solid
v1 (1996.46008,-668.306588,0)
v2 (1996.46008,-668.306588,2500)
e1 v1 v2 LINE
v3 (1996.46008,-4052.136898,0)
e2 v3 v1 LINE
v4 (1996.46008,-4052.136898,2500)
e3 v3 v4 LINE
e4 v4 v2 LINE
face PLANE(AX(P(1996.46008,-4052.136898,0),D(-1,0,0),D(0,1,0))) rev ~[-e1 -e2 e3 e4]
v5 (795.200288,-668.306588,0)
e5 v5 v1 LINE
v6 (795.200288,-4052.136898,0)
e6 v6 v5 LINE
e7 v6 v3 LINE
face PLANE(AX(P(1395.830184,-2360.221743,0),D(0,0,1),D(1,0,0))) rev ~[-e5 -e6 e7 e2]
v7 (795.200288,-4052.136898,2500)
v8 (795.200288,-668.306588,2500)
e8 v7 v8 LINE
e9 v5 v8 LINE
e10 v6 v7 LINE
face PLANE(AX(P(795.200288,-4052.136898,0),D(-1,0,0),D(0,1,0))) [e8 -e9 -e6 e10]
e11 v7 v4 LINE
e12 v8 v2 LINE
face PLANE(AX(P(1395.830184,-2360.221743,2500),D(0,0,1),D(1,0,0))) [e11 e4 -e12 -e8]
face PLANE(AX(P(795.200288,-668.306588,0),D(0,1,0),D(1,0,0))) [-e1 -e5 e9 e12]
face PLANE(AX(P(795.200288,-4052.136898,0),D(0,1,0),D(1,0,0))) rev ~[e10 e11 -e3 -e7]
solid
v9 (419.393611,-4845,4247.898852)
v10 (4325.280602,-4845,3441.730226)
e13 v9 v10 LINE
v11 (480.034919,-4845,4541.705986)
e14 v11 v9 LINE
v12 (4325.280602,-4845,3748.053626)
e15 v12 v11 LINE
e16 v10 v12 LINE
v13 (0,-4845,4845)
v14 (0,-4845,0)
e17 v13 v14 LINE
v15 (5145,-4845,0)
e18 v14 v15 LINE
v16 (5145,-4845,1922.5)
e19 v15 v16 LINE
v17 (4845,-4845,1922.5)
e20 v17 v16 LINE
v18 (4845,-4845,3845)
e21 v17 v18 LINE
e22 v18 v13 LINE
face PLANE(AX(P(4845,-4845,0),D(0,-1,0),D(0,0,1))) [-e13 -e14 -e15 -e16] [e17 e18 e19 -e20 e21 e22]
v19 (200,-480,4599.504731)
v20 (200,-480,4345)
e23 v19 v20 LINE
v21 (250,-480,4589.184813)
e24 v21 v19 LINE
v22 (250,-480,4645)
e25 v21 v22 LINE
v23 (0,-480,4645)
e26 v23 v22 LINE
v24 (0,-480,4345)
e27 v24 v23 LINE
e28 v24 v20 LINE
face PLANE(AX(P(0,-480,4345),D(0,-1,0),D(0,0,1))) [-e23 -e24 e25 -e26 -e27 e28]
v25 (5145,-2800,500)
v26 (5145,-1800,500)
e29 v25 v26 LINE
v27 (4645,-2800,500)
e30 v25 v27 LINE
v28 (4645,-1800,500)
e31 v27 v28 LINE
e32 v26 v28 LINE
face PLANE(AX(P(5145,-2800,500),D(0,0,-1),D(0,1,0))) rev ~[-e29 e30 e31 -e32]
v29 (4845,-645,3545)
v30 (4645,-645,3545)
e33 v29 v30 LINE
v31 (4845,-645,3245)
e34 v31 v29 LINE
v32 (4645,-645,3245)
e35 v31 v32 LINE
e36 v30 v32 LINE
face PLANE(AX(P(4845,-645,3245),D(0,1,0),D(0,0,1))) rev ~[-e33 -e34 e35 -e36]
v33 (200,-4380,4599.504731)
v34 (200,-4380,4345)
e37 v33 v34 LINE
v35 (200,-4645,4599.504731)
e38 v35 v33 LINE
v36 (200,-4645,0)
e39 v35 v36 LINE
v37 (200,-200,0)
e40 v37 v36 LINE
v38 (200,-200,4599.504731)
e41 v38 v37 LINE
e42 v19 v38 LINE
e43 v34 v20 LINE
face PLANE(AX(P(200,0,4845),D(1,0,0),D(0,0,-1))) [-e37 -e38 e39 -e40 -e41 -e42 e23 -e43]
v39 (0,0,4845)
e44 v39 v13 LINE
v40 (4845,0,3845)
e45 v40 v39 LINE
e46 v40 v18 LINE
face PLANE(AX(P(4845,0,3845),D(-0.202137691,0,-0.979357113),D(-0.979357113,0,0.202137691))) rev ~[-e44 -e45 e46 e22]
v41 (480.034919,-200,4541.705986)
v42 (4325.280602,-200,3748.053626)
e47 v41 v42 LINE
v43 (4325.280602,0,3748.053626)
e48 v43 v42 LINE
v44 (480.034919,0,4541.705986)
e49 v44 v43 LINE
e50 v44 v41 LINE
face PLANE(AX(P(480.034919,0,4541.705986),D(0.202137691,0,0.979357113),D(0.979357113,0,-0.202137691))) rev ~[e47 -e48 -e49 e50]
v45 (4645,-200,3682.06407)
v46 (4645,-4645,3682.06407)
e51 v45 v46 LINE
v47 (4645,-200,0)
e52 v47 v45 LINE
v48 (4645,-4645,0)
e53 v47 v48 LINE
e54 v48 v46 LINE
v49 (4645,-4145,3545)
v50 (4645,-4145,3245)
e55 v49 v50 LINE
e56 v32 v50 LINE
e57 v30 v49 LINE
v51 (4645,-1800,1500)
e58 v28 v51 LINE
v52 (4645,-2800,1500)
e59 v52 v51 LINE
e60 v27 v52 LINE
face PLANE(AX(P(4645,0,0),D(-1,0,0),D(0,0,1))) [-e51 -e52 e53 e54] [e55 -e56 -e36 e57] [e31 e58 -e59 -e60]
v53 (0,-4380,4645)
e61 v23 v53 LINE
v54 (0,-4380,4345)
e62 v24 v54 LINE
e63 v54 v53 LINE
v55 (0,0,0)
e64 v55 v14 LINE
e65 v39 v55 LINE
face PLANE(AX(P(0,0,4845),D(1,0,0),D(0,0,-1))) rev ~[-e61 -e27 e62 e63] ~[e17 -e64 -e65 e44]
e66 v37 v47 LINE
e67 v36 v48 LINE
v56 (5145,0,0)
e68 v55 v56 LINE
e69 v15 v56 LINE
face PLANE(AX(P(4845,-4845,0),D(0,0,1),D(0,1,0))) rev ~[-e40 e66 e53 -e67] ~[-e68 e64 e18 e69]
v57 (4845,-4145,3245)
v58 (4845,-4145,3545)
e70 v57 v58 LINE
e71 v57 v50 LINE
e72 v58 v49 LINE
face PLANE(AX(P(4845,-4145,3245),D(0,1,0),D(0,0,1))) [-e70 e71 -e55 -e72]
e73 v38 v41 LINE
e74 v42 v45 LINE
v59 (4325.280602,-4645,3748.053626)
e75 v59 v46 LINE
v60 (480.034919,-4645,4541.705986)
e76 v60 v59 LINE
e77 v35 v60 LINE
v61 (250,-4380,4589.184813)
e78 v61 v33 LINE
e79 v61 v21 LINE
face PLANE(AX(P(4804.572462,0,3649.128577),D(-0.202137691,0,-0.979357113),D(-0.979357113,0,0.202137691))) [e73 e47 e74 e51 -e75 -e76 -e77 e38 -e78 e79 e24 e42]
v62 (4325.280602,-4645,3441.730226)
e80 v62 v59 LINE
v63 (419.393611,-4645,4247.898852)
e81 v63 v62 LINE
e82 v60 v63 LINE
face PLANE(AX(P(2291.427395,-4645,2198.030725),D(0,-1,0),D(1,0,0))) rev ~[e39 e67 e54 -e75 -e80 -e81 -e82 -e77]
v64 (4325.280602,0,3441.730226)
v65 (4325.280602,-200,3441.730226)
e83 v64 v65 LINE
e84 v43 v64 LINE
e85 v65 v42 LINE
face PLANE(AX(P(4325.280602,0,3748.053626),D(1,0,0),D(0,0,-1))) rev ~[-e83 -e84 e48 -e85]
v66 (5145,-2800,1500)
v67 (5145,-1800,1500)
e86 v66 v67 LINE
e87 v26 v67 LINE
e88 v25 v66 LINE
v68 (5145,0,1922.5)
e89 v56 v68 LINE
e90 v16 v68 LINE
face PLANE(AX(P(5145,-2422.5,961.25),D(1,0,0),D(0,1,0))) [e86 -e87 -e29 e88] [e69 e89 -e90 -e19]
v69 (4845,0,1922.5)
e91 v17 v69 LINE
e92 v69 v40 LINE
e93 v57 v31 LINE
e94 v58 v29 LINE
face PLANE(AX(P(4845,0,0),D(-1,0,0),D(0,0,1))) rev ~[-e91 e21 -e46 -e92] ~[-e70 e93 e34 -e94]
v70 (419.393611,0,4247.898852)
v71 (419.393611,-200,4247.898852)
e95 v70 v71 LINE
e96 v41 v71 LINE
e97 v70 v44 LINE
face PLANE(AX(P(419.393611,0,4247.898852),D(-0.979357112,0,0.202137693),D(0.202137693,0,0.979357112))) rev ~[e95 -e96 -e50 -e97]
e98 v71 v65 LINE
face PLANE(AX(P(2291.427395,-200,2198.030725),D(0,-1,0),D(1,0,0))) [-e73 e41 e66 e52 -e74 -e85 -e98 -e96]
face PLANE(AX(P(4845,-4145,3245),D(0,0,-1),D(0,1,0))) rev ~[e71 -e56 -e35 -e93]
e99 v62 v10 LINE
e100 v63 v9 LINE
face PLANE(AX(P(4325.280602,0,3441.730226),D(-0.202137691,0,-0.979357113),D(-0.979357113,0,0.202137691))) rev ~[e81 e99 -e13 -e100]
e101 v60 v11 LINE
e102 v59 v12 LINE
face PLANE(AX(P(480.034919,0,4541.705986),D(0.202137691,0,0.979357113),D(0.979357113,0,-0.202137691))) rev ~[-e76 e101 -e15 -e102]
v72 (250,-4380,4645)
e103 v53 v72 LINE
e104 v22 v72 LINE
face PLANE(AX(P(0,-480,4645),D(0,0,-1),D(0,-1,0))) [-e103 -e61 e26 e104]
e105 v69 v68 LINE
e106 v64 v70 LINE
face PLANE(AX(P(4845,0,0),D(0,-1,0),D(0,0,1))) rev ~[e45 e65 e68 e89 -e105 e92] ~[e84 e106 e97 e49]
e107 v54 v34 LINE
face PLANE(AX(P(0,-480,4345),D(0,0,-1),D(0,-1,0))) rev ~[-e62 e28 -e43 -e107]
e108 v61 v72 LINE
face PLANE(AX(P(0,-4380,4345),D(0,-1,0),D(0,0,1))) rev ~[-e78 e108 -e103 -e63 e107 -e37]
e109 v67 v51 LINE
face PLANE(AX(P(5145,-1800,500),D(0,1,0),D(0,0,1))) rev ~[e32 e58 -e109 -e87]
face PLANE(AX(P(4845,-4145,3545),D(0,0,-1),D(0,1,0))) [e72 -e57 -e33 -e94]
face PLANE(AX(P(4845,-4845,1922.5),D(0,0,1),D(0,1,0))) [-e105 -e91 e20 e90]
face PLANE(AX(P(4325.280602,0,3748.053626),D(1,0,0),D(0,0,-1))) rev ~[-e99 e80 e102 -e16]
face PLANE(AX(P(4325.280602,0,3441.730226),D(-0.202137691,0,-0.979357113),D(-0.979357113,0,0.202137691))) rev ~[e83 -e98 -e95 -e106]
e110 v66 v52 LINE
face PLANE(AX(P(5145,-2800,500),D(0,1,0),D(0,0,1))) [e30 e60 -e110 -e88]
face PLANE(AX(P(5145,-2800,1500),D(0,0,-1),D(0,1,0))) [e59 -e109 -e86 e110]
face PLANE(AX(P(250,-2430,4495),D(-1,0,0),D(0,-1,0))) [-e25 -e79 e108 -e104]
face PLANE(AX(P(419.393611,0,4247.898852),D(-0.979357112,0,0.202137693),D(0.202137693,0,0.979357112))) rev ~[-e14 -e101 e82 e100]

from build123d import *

# Parameters (mm, degrees)
F1_DEPTH  = 4845
F2_T      = -200
F4_DEPTH  = 4845.001
F5_W      = 3900
F5_H      = 300
F6_DEPTH  = 250
F7_W      = 4845
F7_H      = 1922.5
F8_DEPTH  = 300
F9_W      = 1000
F9_H      = 1000
F10_DEPTH = 500
F11_W     = 3500
F11_H     = 300
F12_DEPTH = 350
F13_W     = 1201.259792
F13_H     = 3383.830309
F14_DEPTH = 2500


with BuildPart() as f1:
    # F0 (on Front) → F1 (new body)
    with BuildSketch(Plane.XZ):
        Polygon((0, 4845), (0, 0), (4845, 0), (4845, 3845), align=None)
    extrude(amount=F1_DEPTH)

    # F2
    f2_openings = [f1.faces().sort_by_distance(p)[0] for p in [
        (2422.5, -2422.5, 0),
    ]]
    offset(amount=F2_T, openings=f2_openings)

    # F3 (on face) → F4 (cut, through all)
    with BuildSketch(Plane(origin=(0, 0, 0), x_dir=(-1, 0, 0), z_dir=(0, 1, 0))):
        Polygon((-480.034919, 4541.705986), (-4325.280602, 3748.053626), (-4325.280602, 3441.730226), (-419.393611, 4247.898852), align=None)
    extrude(amount=-F4_DEPTH, mode=Mode.SUBTRACT)

    # F5 (on face) → F6 (cut)
    with BuildSketch(Plane(origin=(0, 0, 0), x_dir=(0, -1, 0), z_dir=(-1, 0, 0))):
        with Locations((2430, 4495)):
            Rectangle(F5_W, F5_H)
    extrude(amount=-F6_DEPTH, mode=Mode.SUBTRACT)

    # F7 (on face) → F8 (join)
    with BuildSketch(Plane.YZ.offset(4845)):
        with Locations((-2422.5, 961.25)):
            Rectangle(F7_W, F7_H)
    extrude(amount=F8_DEPTH)

    # F9 (on face) → F10 (cut)
    with BuildSketch(Plane.YZ.offset(5145)):
        with Locations((-2300, 1000)):
            Rectangle(F9_W, F9_H)
    extrude(amount=-F10_DEPTH, mode=Mode.SUBTRACT)

    # F11 (on face) → F12 (cut)
    with BuildSketch(Plane.YZ.offset(4845)):
        with Locations((-2395, 3395)):
            Rectangle(F11_W, F11_H)
    extrude(amount=-F12_DEPTH, mode=Mode.SUBTRACT)


with BuildPart() as f14:
    # F13 (on Top) → F14 (new body)
    with BuildSketch(Plane.XY):
        with Locations((1395.830184, -2360.221743)):
            Rectangle(F13_W, F13_H)
    extrude(amount=F14_DEPTH)


solid = Compound([f1.part, f14.part])
